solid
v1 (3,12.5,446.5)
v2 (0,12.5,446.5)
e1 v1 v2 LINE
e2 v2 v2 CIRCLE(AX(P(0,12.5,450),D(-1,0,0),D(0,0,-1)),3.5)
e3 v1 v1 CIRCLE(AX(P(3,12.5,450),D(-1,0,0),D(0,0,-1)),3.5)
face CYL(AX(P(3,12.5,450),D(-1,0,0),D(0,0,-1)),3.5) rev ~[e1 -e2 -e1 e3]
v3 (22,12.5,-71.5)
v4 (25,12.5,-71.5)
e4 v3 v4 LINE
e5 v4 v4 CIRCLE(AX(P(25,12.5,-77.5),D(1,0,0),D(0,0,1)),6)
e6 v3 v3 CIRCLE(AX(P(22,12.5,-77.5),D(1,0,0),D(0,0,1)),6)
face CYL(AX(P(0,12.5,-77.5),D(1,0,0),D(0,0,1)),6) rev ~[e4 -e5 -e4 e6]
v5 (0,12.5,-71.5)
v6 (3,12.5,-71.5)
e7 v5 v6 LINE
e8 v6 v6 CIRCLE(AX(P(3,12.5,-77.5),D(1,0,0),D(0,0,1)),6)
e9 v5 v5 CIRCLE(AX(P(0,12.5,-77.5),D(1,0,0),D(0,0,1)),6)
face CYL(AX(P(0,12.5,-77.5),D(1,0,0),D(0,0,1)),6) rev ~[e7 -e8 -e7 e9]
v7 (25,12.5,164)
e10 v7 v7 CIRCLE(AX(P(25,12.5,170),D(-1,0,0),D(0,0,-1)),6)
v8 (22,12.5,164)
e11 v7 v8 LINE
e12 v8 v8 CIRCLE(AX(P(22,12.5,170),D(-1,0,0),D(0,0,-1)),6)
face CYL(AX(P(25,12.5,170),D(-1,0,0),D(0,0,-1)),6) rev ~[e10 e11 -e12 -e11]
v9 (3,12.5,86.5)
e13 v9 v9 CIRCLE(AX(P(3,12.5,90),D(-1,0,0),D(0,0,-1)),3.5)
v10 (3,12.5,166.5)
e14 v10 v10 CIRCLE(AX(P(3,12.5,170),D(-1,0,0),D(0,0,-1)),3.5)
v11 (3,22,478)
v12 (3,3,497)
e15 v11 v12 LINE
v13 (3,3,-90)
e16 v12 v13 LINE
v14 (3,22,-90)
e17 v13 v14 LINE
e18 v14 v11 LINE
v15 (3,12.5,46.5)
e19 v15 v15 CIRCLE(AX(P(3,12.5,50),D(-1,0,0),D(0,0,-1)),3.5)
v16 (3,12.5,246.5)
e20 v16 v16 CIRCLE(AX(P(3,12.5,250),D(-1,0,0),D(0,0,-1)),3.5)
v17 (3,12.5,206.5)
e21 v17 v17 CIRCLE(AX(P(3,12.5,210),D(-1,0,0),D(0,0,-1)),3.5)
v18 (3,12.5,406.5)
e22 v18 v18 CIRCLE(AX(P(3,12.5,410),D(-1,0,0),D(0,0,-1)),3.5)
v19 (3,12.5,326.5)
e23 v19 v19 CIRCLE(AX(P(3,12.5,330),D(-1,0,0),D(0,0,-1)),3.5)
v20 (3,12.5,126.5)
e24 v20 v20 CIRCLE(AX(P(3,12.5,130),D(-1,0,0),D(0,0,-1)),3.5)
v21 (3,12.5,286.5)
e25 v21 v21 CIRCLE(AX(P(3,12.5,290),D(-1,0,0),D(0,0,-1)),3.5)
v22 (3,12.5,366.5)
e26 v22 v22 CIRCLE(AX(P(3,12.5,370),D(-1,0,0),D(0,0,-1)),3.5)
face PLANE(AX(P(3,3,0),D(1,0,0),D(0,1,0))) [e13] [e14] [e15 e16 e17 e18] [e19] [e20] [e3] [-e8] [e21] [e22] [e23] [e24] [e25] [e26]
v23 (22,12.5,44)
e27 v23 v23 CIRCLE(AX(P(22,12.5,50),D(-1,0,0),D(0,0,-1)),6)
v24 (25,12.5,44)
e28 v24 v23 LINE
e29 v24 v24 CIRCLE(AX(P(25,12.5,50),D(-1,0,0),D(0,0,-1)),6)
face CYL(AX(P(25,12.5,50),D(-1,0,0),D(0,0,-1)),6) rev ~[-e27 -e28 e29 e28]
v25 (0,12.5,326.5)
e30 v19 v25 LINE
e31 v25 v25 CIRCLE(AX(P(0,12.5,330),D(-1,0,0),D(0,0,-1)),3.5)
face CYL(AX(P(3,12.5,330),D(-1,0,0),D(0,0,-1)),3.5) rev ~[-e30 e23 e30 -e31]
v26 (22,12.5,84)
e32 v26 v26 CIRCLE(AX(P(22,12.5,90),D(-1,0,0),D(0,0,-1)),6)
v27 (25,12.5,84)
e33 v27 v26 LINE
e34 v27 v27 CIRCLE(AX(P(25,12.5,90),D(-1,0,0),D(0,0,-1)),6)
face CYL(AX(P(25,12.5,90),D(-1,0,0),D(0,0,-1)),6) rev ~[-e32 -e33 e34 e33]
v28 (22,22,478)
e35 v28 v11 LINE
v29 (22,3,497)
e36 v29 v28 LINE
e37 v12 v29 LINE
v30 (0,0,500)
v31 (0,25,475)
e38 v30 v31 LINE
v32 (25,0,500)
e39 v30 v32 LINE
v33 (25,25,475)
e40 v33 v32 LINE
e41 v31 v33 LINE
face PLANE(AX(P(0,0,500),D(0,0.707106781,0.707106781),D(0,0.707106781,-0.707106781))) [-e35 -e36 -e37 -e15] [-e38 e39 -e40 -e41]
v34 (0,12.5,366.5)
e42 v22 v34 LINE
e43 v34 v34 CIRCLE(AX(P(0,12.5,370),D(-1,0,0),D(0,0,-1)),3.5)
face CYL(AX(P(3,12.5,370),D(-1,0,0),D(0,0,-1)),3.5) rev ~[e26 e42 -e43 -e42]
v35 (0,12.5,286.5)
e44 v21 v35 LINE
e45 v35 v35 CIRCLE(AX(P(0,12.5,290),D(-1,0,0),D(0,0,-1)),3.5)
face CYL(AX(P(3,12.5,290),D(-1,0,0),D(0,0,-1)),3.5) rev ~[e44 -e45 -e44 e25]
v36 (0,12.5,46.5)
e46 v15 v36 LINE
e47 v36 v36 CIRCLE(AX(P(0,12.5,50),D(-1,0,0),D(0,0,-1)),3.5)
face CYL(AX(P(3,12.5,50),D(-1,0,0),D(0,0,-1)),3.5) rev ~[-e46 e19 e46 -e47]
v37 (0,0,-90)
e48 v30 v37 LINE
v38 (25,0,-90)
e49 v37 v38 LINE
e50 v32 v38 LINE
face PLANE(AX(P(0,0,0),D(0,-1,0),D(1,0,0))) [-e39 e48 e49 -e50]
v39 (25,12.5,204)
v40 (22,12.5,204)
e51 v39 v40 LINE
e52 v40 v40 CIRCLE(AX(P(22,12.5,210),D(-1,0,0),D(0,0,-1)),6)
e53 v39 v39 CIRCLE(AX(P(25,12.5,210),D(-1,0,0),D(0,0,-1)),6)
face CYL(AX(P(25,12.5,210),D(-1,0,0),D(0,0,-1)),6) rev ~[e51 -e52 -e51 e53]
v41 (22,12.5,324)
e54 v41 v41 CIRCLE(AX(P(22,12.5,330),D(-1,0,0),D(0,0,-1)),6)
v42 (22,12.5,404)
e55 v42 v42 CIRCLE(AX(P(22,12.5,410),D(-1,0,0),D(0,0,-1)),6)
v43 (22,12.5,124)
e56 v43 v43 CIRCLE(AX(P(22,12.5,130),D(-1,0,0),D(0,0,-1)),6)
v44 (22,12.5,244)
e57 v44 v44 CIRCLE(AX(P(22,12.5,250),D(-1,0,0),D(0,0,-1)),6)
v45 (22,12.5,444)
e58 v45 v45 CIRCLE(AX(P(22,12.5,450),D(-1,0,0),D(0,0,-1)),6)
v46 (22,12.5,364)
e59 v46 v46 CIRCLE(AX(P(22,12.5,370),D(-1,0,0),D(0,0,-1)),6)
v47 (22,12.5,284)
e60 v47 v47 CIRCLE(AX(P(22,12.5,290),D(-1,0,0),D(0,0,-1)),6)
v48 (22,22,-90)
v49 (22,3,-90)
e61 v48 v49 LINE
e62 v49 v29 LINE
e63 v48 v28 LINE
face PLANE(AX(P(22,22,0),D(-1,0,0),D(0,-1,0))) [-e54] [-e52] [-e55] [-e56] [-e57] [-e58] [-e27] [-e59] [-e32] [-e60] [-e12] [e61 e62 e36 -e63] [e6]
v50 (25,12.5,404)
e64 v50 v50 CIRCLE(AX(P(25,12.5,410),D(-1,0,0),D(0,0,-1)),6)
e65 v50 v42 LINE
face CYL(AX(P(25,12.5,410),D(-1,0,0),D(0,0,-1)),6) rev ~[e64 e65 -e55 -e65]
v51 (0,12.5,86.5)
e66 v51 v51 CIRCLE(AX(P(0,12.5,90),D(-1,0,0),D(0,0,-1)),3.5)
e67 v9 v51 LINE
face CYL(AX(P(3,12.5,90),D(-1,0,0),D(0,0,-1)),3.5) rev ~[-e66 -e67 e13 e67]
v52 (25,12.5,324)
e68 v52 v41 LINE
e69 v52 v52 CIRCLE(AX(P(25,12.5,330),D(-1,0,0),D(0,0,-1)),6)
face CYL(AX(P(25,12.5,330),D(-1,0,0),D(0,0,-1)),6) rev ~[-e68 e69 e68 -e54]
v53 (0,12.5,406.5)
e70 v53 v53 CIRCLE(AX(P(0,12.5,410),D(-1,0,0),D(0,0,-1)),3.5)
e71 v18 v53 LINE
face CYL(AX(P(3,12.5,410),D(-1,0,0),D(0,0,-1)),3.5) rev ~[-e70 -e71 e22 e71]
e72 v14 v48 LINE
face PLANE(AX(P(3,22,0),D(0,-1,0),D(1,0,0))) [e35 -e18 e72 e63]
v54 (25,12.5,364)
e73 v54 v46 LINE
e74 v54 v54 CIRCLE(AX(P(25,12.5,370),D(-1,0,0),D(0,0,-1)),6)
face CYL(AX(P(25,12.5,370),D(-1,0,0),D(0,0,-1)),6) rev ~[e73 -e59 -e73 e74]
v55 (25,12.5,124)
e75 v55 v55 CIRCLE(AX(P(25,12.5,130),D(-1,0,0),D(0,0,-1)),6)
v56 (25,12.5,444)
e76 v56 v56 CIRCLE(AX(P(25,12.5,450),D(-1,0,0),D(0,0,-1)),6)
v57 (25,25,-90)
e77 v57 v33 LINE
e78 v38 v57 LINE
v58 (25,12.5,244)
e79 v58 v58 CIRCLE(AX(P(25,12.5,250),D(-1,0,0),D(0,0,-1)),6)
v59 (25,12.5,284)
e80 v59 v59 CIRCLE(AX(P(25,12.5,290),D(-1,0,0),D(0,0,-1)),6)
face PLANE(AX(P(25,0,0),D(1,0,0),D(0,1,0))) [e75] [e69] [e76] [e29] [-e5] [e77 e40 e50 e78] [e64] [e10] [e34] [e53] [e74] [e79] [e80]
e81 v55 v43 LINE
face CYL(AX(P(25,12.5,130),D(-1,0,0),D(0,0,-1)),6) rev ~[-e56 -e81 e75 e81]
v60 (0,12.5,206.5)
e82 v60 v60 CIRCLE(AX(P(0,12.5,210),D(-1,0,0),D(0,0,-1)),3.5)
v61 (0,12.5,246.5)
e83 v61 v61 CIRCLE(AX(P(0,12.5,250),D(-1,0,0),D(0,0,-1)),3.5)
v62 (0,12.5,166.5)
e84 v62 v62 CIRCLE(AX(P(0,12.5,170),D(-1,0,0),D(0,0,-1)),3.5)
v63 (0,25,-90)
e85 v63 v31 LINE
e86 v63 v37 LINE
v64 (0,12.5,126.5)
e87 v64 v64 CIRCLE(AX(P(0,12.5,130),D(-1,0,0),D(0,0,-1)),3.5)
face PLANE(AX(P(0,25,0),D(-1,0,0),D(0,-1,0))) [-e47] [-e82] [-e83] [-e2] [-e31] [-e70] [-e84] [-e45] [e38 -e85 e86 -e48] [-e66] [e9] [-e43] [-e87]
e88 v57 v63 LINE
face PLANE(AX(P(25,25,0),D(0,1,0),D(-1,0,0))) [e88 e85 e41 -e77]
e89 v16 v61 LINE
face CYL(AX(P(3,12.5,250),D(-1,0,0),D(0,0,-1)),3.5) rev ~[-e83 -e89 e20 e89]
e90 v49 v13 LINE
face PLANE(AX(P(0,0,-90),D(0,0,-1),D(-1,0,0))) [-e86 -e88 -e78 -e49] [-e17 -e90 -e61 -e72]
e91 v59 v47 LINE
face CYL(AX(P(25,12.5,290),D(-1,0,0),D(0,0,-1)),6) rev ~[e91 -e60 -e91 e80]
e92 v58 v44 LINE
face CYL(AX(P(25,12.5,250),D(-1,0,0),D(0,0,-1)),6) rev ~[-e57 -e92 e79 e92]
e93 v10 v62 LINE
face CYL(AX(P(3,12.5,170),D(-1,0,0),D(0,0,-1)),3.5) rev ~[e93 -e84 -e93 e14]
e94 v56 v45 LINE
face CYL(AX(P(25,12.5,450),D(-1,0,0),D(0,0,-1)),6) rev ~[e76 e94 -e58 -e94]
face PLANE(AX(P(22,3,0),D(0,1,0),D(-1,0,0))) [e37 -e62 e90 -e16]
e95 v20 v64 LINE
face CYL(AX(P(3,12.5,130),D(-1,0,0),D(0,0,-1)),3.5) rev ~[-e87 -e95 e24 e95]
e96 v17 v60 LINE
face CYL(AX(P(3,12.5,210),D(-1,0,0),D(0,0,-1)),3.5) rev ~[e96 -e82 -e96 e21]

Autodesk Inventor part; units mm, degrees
ref_plane "YZ Plane" through (0, 0, 0) normal (1, 0, 0) x (0, 1, 0)
ref_plane "XZ Plane" through (0, 0, 0) normal (0, 1, 0) x (-1, 0, 0)
ref_plane "XY Plane" through (0, 0, 0) normal (0, 0, 1) x (1, 0, 0)
sketch "Sketch1" plane through (0, 0, 0) normal (0, 0, 1) x (1, 0, 0)
  line L0 (0, 0) -> (25, 0)
  line L1 (25, 0) -> (25, 25)
  line L2 (25, 25) -> (0, 25)
  line L3 (0, 25) -> (0, 0)
  line L4 (3, 3) -> (22, 3)
  line L5 (22, 3) -> (22, 22)
  line L6 (22, 22) -> (3, 22)
  line L7 (3, 22) -> (3, 3)
  dimension "d0" = 25
  dimension "d1" = 25
  dimension "d2" = 3
extrude "Extrusion1" add sketch "Sketch1" along normal blind 500
sketch "Sketch3" plane through (25, 0, 0) normal (1, 0, 0) x (0, 0, -1)
  line L0 (0, 0) -> (0, 25) projected
  line L1 (0, 25) -> (-500, 25) projected
  line L2 (-500, 0) -> (-500, 25) projected
  line L3 (0, 0) -> (-500, 0) projected
  point P0 (0, 0)
  point P1 (-450, 12.5)
  point P2 (-50, 12.5)
  point P3 (-410, 12.5)
  point P4 (-370, 12.5)
  point P5 (-330, 12.5)
  point P6 (-290, 12.5)
  point P7 (-250, 12.5)
  point P8 (-210, 12.5)
  point P9 (-170, 12.5)
  point P10 (-130, 12.5)
  point P11 (-90, 12.5)
  dimension "d16" = 12.5
  dimension "d17" = 50
  dimension "d18" = 50
  dimension "d19" = 12.5
  dimension "d22" = 40
hole "Hole2" at (25, 12.5, 450) at (25, 12.5, 50) at (25, 12.5, 410) at (25, 12.5, 370) at (25, 12.5, 330) at (25, 12.5, 290) at (25, 12.5, 250) at (25, 12.5, 210) at (25, 12.5, 170) at (25, 12.5, 130) at (25, 12.5, 90) direction (-1, 0, 0) diameter 12 depth 8 tip angle 118
sketch "Sketch4" plane through (3, 3, 0) normal (1, 0, 0) x (0, 0, -1)
  circle A0 centre (-130, 9.5) radius 6 projected
  circle A1 centre (-210, 9.5) radius 6 projected
  circle A2 centre (-290, 9.5) radius 6 projected
  circle A3 centre (-370, 9.5) radius 6 projected
  circle A4 centre (-50, 9.5) radius 6 projected
  circle A5 centre (-450, 9.5) radius 6 projected
  circle A6 centre (-410, 9.5) radius 6 projected
  circle A7 centre (-330, 9.5) radius 6 projected
  circle A8 centre (-250, 9.5) radius 6 projected
  circle A9 centre (-170, 9.5) radius 6 projected
  circle A10 centre (-90, 9.5) radius 6 projected
  line L0 (0, -3) -> (0, 22) projected
  line L1 (0, 22) -> (-500, 22) projected
  line L2 (-500, -3) -> (-500, 22) projected
  line L3 (0, -3) -> (-500, -3) projected
  arc A11 (0, -3) -> (0, -3) centre (-50, 9.5) ccw projected
  circle A12 centre (-210, 9.5) radius 6 projected
  circle A13 centre (-250, 9.5) radius 6 projected
  circle A14 centre (-370, 9.5) radius 6 projected
  circle A15 centre (-410, 9.5) radius 6 projected
hole "Hole3" at (3, 12.5, 50) at (3, 12.5, 90) at (3, 12.5, 130) at (3, 12.5, 170) at (3, 12.5, 210) at (3, 12.5, 250) at (3, 12.5, 290) at (3, 12.5, 330) at (3, 12.5, 370) at (3, 12.5, 410) at (3, 12.5, 450) direction (-1, 0, 0) diameter 7 depth 8 tip angle 118
sketch "Sketch6" plane through (0, 0, 0) normal (0, 0, -1) x (-1, 0, 0)
  line L0 (-25, 0) -> (-25, 25) projected
  line L1 (0, 0) -> (-25, 0) projected
  line L2 (0, 25) -> (0, 0) projected
  line L3 (-25, 25) -> (0, 25) projected
  line L4 (-3, 3) -> (-3, 22) projected
  line L5 (-22, 3) -> (-3, 3) projected
  line L6 (-22, 22) -> (-22, 3) projected
  line L7 (-3, 22) -> (-22, 22) projected
extrude "Extrusion3" add sketch "Sketch6" along normal blind 90
sketch "Sketch7" plane through (0, 0, 500) normal (-1, 0, 0) x (0, 0, 1)
  circle A0 centre (-90, 12.5) radius 3.5 projected
  circle A1 centre (-170, 12.5) radius 3.5 projected
  circle A2 centre (-250, 12.5) radius 3.5 projected
  circle A3 centre (-330, 12.5) radius 3.5 projected
  circle A4 centre (-410, 12.5) radius 3.5 projected
  circle A5 centre (-450, 12.5) radius 3.5 projected
  circle A6 centre (-370, 12.5) radius 3.5 projected
  circle A7 centre (-290, 12.5) radius 3.5 projected
  circle A8 centre (-210, 12.5) radius 3.5 projected
  circle A9 centre (-130, 12.5) radius 3.5 projected
  circle A10 centre (-50, 12.5) radius 3.5 projected
  line L0 (-590, 0) -> (0, 0) projected
  line L1 (0, 25) -> (0, 0) projected
  line L2 (-590, 25) -> (0, 25) projected
  line L3 (-590, 0) -> (-590, 25) projected
  point P0 (-500, 0)
  point P1 (-577.5, 12.5)
  dimension "d47" = 12.5
  dimension "d48" = 12.5
hole "Hole4" at (0, 12.5, -77.5) direction (1, 0, 0) diameter 12 end through all
sketch "Sketch8" plane through (25, 0, 500) normal (1, 0, 0) x (0, 0, -1)
  point P0 (500, 0)
sketch "Sketch9" plane through (0, 0, 500) normal (-1, 0, 0) x (0, 0, 1)
  circle A0 centre (-577.5, 12.5) radius 6 projected
  circle A1 centre (-90, 12.5) radius 3.5 projected
  circle A2 centre (-170, 12.5) radius 3.5 projected
  circle A3 centre (-250, 12.5) radius 3.5 projected
  circle A4 centre (-330, 12.5) radius 3.5 projected
  circle A5 centre (-410, 12.5) radius 3.5 projected
  circle A6 centre (-450, 12.5) radius 3.5 projected
  circle A7 centre (-370, 12.5) radius 3.5 projected
  circle A8 centre (-290, 12.5) radius 3.5 projected
  circle A9 centre (-210, 12.5) radius 3.5 projected
  circle A10 centre (-130, 12.5) radius 3.5 projected
  circle A11 centre (-50, 12.5) radius 3.5 projected
  line L0 (-590, 0) -> (0, 0) projected
  line L1 (0, 25) -> (0, 0) projected
  line L2 (-590, 25) -> (0, 25) projected
  line L3 (-590, 0) -> (-590, 25) projected
  line L4 (0, 0) -> (0, 25) projected
  line L5 (0, 0) -> (-25, 25)
  line L6 (-590, 25) -> (0, 25) projected
  point P0 (-500, 0)
  dimension "d56" = 45
extrude "Extrusion4" cut sketch "Sketch9" against normal blind 109.75 contours L5 L2 L1
properties part number "P701" material "Aluminum 6061"
